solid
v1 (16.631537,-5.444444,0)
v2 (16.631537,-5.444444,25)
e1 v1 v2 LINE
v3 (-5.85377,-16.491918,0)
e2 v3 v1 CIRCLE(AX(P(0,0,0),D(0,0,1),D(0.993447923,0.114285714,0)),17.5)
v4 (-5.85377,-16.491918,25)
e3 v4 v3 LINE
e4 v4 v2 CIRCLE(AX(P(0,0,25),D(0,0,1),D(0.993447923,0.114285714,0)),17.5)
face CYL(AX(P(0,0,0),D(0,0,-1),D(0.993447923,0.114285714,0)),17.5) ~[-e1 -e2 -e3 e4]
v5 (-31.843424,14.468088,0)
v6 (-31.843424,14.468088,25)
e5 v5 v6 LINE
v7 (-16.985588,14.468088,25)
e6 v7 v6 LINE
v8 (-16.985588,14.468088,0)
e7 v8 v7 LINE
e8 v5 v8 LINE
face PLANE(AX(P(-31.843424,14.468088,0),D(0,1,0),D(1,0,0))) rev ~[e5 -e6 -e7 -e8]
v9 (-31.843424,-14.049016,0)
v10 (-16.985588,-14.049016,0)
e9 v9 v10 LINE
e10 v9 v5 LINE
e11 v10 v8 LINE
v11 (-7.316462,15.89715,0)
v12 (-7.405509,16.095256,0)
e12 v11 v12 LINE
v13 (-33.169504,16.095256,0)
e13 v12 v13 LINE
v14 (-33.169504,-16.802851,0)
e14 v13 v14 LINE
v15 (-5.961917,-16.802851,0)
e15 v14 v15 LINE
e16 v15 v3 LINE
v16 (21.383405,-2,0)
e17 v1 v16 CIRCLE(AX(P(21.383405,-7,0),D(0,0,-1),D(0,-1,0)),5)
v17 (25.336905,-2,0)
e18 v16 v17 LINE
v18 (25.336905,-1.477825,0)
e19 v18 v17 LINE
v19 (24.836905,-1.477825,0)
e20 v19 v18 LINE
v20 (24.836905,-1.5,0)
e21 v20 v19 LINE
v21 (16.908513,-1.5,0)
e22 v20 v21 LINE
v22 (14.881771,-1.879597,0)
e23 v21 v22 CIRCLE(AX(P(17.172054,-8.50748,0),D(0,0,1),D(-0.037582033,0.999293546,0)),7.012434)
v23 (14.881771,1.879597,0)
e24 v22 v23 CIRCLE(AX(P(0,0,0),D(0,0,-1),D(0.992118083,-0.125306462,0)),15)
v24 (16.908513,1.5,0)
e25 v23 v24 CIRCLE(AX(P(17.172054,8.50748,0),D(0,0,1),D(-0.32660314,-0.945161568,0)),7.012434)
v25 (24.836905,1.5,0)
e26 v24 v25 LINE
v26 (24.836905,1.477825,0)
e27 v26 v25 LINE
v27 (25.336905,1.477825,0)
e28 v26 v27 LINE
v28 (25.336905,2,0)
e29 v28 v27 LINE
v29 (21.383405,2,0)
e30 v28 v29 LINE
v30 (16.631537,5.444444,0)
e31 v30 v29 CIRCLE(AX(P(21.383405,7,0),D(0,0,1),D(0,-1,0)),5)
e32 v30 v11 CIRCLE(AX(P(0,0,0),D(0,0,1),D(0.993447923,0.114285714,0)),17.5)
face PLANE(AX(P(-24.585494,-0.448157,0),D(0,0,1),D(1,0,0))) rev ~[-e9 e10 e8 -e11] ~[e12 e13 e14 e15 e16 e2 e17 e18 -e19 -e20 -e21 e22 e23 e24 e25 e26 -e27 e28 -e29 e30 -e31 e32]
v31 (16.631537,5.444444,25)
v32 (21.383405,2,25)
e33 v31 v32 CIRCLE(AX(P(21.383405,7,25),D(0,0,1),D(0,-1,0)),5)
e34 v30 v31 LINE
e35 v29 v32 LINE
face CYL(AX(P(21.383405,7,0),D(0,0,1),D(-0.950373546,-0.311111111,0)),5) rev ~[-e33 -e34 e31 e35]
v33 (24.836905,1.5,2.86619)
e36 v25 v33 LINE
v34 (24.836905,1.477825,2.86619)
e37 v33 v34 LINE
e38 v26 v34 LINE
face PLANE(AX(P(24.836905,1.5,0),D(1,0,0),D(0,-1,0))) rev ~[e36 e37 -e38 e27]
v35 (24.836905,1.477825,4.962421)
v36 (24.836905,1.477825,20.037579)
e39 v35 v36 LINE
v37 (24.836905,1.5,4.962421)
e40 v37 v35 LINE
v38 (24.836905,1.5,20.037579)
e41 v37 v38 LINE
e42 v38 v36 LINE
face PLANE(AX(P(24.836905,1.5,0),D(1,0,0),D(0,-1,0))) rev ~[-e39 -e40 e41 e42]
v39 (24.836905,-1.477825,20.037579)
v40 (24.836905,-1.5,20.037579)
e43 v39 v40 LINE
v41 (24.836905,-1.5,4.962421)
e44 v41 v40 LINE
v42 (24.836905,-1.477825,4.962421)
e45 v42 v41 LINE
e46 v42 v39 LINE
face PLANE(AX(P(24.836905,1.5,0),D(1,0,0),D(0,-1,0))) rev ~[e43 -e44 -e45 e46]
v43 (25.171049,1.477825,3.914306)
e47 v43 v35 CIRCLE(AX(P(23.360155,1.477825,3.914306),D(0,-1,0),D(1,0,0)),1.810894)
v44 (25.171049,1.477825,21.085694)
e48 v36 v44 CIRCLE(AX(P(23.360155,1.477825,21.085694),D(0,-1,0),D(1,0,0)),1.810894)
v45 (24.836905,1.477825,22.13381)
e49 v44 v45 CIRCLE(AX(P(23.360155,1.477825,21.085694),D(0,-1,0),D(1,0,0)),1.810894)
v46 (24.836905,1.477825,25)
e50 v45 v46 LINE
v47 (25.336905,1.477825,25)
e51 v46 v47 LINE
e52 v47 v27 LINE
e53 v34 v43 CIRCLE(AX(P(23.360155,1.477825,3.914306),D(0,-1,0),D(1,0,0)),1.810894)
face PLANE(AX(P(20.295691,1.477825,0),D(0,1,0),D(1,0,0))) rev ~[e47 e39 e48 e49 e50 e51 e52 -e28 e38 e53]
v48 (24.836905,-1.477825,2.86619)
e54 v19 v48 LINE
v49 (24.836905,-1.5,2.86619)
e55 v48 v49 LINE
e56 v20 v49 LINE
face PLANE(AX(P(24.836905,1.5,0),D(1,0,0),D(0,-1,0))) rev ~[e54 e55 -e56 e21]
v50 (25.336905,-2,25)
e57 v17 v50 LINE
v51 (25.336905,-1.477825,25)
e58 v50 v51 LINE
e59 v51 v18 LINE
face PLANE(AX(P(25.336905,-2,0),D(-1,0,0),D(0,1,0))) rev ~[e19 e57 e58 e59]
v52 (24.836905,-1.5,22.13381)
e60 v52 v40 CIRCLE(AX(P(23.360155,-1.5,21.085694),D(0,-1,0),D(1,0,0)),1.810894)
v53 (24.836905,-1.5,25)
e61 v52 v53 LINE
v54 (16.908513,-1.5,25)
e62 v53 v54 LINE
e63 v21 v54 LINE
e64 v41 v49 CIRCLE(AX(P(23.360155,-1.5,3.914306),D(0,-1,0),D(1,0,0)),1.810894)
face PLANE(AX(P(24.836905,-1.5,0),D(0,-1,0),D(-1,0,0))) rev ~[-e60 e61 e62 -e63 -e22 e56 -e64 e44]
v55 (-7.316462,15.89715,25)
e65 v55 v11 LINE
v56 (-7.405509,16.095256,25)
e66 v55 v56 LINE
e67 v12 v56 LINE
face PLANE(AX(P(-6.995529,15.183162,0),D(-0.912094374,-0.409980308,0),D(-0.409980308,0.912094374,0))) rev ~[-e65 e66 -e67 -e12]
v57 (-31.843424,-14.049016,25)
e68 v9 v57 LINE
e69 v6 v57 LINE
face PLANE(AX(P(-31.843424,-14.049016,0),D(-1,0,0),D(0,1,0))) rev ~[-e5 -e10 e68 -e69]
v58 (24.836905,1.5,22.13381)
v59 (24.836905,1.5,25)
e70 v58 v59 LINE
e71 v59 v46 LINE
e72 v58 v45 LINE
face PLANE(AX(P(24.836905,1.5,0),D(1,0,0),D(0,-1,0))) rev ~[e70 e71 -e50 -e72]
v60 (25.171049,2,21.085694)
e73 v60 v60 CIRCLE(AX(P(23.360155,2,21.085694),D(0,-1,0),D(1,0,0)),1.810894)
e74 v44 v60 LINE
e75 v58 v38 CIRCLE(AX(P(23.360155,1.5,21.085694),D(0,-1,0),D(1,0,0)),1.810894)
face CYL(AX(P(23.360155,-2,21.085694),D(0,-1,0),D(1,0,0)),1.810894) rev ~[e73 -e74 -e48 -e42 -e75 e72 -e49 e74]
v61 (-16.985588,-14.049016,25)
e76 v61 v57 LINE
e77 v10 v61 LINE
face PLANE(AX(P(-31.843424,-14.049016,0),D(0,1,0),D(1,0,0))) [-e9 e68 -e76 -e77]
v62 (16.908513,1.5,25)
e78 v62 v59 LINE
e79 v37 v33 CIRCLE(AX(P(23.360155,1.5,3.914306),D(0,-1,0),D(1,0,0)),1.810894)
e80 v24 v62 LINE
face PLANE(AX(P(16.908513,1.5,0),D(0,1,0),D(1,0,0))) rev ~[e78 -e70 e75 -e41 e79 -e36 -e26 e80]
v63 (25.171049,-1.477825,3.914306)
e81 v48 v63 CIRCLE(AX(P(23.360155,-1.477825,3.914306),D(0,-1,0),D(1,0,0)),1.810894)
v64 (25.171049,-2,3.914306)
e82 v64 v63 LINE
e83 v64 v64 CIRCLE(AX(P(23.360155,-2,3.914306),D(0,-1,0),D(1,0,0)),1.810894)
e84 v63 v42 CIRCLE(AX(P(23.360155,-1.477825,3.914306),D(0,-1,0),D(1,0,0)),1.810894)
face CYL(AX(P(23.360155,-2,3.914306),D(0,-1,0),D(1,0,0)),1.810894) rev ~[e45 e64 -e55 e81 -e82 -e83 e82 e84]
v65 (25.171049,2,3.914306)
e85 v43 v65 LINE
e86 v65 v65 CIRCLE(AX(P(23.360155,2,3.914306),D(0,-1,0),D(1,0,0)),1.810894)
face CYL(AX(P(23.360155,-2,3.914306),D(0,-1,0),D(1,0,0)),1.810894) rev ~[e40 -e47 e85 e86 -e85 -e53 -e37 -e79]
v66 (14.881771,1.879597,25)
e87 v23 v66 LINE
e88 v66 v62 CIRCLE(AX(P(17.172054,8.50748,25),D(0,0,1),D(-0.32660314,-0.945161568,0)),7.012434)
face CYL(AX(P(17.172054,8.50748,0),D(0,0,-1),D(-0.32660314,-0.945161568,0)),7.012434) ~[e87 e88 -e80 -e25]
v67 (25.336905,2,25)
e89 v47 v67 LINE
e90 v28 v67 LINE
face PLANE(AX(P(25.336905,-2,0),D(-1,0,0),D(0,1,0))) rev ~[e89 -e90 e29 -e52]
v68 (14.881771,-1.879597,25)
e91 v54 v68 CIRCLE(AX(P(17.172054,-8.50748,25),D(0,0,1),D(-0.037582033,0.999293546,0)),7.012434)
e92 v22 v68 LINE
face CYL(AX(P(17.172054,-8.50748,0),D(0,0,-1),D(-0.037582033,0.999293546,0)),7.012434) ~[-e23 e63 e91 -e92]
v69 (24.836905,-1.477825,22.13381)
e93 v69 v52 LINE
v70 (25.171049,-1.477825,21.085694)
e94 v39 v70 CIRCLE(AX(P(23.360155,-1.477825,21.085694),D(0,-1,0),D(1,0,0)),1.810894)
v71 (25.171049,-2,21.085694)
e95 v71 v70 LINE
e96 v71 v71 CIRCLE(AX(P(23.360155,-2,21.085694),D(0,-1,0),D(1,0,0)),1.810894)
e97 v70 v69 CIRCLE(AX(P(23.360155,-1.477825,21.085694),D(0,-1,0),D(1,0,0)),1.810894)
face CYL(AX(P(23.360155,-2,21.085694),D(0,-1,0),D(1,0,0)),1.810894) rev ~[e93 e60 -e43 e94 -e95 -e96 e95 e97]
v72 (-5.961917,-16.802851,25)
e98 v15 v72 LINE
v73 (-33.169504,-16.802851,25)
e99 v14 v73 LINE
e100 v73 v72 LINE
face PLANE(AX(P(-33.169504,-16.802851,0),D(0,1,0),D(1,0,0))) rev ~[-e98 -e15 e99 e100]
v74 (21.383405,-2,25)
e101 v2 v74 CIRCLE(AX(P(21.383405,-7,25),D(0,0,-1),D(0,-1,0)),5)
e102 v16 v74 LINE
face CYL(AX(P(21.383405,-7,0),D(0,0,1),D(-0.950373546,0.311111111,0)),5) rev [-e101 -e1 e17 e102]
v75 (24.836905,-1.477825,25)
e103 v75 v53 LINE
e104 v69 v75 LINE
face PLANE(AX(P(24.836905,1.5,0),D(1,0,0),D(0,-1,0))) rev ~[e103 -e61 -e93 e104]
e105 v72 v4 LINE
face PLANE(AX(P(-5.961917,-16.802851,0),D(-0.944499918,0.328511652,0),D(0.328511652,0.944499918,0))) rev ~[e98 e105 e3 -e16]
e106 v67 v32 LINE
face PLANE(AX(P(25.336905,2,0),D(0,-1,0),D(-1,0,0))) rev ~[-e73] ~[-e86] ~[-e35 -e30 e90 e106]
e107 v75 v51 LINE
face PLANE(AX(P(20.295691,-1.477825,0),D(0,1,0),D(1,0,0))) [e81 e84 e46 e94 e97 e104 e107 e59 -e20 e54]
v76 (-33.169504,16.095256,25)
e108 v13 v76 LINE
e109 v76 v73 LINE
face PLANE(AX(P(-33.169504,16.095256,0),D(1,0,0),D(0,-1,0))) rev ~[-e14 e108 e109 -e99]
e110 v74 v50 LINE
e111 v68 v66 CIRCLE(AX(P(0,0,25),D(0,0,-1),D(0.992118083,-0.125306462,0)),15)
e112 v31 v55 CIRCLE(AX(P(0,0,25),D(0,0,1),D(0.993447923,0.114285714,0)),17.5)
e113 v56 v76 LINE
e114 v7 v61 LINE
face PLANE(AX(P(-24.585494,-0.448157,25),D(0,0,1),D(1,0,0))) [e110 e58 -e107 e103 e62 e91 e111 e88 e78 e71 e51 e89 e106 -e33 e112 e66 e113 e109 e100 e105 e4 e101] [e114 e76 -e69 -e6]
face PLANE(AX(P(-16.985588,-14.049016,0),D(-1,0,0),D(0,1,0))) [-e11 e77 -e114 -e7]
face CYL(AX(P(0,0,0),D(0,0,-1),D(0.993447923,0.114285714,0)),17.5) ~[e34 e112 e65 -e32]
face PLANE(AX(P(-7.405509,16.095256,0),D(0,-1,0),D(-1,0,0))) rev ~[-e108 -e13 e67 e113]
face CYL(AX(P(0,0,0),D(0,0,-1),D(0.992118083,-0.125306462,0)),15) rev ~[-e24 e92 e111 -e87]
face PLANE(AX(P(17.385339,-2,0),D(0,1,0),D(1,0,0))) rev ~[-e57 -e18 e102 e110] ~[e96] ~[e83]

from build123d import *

# Parameters (mm, degrees)
F1_DEPTH       = 80
F2_R           = 9.4880271992
F3_DEPTH       = 600
F4_W           = 4.0547028184
F4_H           = 2.2076517344
F5_DEPTH       = 15
F6_R           = 8
F7_DEPTH       = 600
F9_START       = 50
F8_R           = 7.625
F9_DEPTH       = 570
F10_W          = 0.488139689
F10_H          = 8.393028751
F11_DEPTH      = 15
F13_DEPTH      = 25
F15_DEPTH      = 50
F17_DEPTH      = 295
F18_W          = 80
F18_H          = 61.0322915018
F19_DEPTH      = 10
F20_W          = 42.3060953617
F20_H          = 7.0626735687
F21_DEPTH      = 25
F22_W          = 33.6821526289
F22_H          = 16.1662399769
F23_DEPTH      = 25
F27_DEPTH      = 25
F28_R          = 5
F29_W          = 9.2532746494
F29_H          = 2.9556490481
F30_DEPTH      = 25
F30_DEPTH_BACK = 25
F31_R          = 1.8108941825
F32_DEPTH      = 25
F34_DEPTH      = 25
F35_W          = 14.8578360677
F35_H          = 28.517103754
F36_DEPTH      = 40


with BuildPart() as f1:
    # F0 (on Front) → F1 (new body)
    with BuildSketch(Plane.XZ):
        Polygon((0, 32.5182676315), (0, 0), (0, -28.3304974437), (43.5863435268, -28.3304974437), (43.5863435268, -20.3491598368), (7.9939365387, -20.3491598368), (7.9939365387, 0), (7.9939365387, 26.3243410736), (43.5863435268, 26.3243410736), (43.5863435268, 32.5182676315), align=None)
    extrude(amount=F1_DEPTH)

    # F2 (on face) → F3 (join)
    with BuildSketch(Plane.XY.offset(32.5182676315)):
        with Locations((32.2491303086, -37.8283821046)):
            Circle(F2_R)
    extrude(amount=F3_DEPTH)

    # F4 (on face) → F5 (cut)
    with BuildSketch(Plane.XY.offset(632.5182676315)):
        with Locations((22.9293145239, -37.5130698085)):
            Rectangle(F4_W, F4_H)
    extrude(amount=-F5_DEPTH, mode=Mode.SUBTRACT)

    # F6 (on face) → F7 (cut)
    with BuildSketch(Plane.XY.offset(632.5182676315)):
        with Locations((32.2491303086, -37.8283821046)):
            Circle(F6_R)
    extrude(amount=-F7_DEPTH, mode=Mode.SUBTRACT)


with BuildPart() as f9:
    # F8 (on face) → F9 (new body)
    with BuildSketch(Plane.XY.offset(32.5182676315).offset(F9_START)):
        with Locations((32.2491303086, -37.8283821046)):
            Circle(F8_R)
    extrude(amount=F9_DEPTH)

    # F10 (on face) → F11 (join)
    with BuildSketch(Plane.XY.offset(652.5182676315)):
        with Locations((31.1938934028, -27.710868977)):
            Rectangle(F10_W, F10_H)
    extrude(amount=-F11_DEPTH)

    # F12 (on face) → F13 (join)
    with BuildSketch(Plane.XY.offset(652.5182676315)):
        with BuildLine():
            ThreePointArc((24.8521837926, -35.977488472), (31.3166851855, -45.3961539757), (39.8741303086, -37.8283821046))
            ThreePointArc((39.8741303086, -37.8283821046), (39.8169021797, -36.8959369815), (39.6460768246, -35.977488472))
            Line((39.6460768246, -35.977488472), (24.8521837926, -35.977488472))
        make_face()
        with BuildLine():
            Line((24.8521837926, -35.977488472), (39.6460768246, -35.977488472))
            ThreePointArc((39.6460768246, -35.977488472), (32.2491303086, -30.2033821046), (24.8521837926, -35.977488472))
        make_face()
        with BuildLine():
            ThreePointArc((24.8521837926, -35.977488472), (32.2491303086, -30.2033821046), (39.6460768246, -35.977488472))
            Line((39.6460768246, -35.977488472), (39.6460768246, 264.022511528))
            Line((39.6460768246, 264.022511528), (24.8521837926, 264.022511528))
            Line((24.8521837926, 264.022511528), (24.8521837926, -35.977488472))
        make_face()
    extrude(amount=F13_DEPTH)

    # F14 (on face) → F15 (join)
    with BuildSketch(Plane.XY.offset(677.5182676315)):
        Polygon((154.8521837926, 264.022511528), (24.8521837926, 264.022511528), (-72.6417899132, 264.022511528), (-72.6417899132, -20.977488472), (154.8521837926, -20.977488472), align=None)
    extrude(amount=F15_DEPTH)

    # F16 (on face) → F17 (cut)
    with BuildSketch(Plane.XZ.offset(20.977488472)):
        Polygon((-52.7396649122, 686.2814426422), (154.8521837926, 727.5182676315), (-81.2070667744, 736.6052269936), (-72.6417899132, 692.2085285187), align=None)
    extrude(amount=-F17_DEPTH, mode=Mode.SUBTRACT)

    # F20 (on face) → F21 (join)
    with BuildSketch(Plane(origin=(0, 264.022511528, 0), x_dir=(-1, 0, 0), z_dir=(0, 1, 0))):
        with Locations((-93.7416106462, 696.6552138329)):
            Rectangle(F20_W, F20_H)
    extrude(amount=F21_DEPTH)

    # F22 (on face) → F23 (cut)
    with BuildSketch(Plane.XY.offset(700.1865506172)):
        with Locations((94.2212790251, 276.3699144125)):
            Rectangle(F22_W, F22_H)
    extrude(amount=-F23_DEPTH, mode=Mode.SUBTRACT)


with BuildPart() as f19:
    # F18 (on face) → F19 (new body)
    with BuildSketch(Plane.YZ.offset(43.5863435268)):
        with Locations((-40, 2.0021218807)):
            Rectangle(F18_W, F18_H)
    extrude(amount=F19_DEPTH)


with BuildPart() as f27:
    # F26 (on Top) → F27 (new body)
    with BuildSketch(Plane.XY):
        with BuildLine():
            Line((24.8369053006, 2), (17.3853386507, 2))
            ThreePointArc((17.3853386507, 2), (-17.5, 0), (17.3853386507, -2))
            Line((17.3853386507, -2), (24.8369053006, -2))
            Line((24.8369053006, -2), (25.3369053006, -2))
            Line((25.3369053006, -2), (25.3369053006, -1.5))
            Line((25.3369053006, -1.5), (25.3369053006, 1.5))
            Line((25.3369053006, 1.5), (25.3369053006, 2))
            Line((25.3369053006, 2), (24.8369053006, 2))
        make_face()
        with BuildLine():
            ThreePointArc((14.8817712447, -1.8795969301), (-15, 0), (14.8817712447, 1.8795969301))
            ThreePointArc((14.8817712447, 1.8795969301), (15.881113349, 1.6148969042), (16.9085127097, 1.5))
            Line((16.9085127097, 1.5), (17.4355957742, 1.5))
            Line((17.4355957742, 1.5), (24.8369053006, 1.5))
            Line((24.8369053006, 1.5), (24.8369053006, -1.5))
            Line((24.8369053006, -1.5), (17.4355957742, -1.5))
            Line((17.4355957742, -1.5), (16.9085127097, -1.5))
            ThreePointArc((16.9085127097, -1.5), (15.881113349, -1.6148969042), (14.8817712447, -1.8795969301))
        make_face(mode=Mode.SUBTRACT)
    extrude(amount=F27_DEPTH)

    # F28
    f28_edges = [f27.edges().sort_by_distance(p)[0] for p in [
        (17.385339, -2, 12.5),
        (17.385339, 2, 12.5),
    ]]
    fillet(f28_edges, radius=F28_R)

    # F29 (on Top) → F30 (cut, two sides)
    with BuildSketch(Plane.XY) as f30_sk:
        with Locations((24.9223280698, 0)):
            Rectangle(F29_W, F29_H)
    extrude(amount=-F30_DEPTH, mode=Mode.SUBTRACT)
    extrude(f30_sk.sketch, amount=F30_DEPTH_BACK, mode=Mode.SUBTRACT)

    # F31 (on face) → F32 (cut)
    with BuildSketch(Plane.XZ.offset(2)):
        with Locations((23.3601550405, 21.0856944323)):
            Circle(F31_R)
        with Locations((23.3601550405, 3.9143055677)):
            Circle(F31_R)
    extrude(amount=-F32_DEPTH, mode=Mode.SUBTRACT)

    # F33 (on Top) → F34 (join)
    with BuildSketch(Plane.XY):
        with BuildLine():
            Line((-33.1695042551, -16.8028511107), (-5.9619173408, -16.8028511107))
            ThreePointArc((-5.9619173408, -16.8028511107), (-6.6048434296, -16.5651949873), (-7.2380969958, -16.3028511107))
            Line((-7.2380969958, -16.3028511107), (-32.6695042551, -16.3028511107))
            Line((-32.6695042551, -16.3028511107), (-32.6695042551, 15.59525626))
            Line((-32.6695042551, 15.59525626), (-7.4055092994, 15.59525626))
            Line((-7.4055092994, 15.59525626), (-7.4055092994, 14.9921714968))
            ThreePointArc((-7.4055092994, 14.9921714968), (-7.2011649888, 15.0890530596), (-6.9955289917, 15.1831618859))
            Line((-6.9955289917, 15.1831618859), (-7.4055092994, 16.09525626))
            Line((-7.4055092994, 16.09525626), (-33.1695042551, 16.09525626))
            Line((-33.1695042551, 16.09525626), (-33.1695042551, 15.59525626))
            Line((-33.1695042551, 15.59525626), (-33.1695042551, -16.8028511107))
        make_face()
        with BuildLine():
            ThreePointArc((-7.2380969958, -16.3028511107), (-6.6048434296, -16.5651949873), (-5.9619173408, -16.8028511107))
            Line((-5.9619173408, -16.8028511107), (-5.633405689, -15.8583511929))
            ThreePointArc((-5.633405689, -15.8583511929), (-16.8329065642, -1.0255109398), (-7.4055092994, 14.9921714968))
            Line((-7.4055092994, 14.9921714968), (-7.4055092994, 15.59525626))
            Line((-7.4055092994, 15.59525626), (-32.6695042551, 15.59525626))
            Line((-32.6695042551, 15.59525626), (-32.6695042551, -16.3028511107))
            Line((-32.6695042551, -16.3028511107), (-7.2380969958, -16.3028511107))
        make_face()
    extrude(amount=F34_DEPTH)

    # F35 (on Top) → F36 (cut)
    with BuildSketch(Plane.XY):
        with Locations((-24.4145058095, 0.2095359378)):
            Rectangle(F35_W, F35_H)
    extrude(amount=F36_DEPTH, mode=Mode.SUBTRACT)


solid = f27.part
